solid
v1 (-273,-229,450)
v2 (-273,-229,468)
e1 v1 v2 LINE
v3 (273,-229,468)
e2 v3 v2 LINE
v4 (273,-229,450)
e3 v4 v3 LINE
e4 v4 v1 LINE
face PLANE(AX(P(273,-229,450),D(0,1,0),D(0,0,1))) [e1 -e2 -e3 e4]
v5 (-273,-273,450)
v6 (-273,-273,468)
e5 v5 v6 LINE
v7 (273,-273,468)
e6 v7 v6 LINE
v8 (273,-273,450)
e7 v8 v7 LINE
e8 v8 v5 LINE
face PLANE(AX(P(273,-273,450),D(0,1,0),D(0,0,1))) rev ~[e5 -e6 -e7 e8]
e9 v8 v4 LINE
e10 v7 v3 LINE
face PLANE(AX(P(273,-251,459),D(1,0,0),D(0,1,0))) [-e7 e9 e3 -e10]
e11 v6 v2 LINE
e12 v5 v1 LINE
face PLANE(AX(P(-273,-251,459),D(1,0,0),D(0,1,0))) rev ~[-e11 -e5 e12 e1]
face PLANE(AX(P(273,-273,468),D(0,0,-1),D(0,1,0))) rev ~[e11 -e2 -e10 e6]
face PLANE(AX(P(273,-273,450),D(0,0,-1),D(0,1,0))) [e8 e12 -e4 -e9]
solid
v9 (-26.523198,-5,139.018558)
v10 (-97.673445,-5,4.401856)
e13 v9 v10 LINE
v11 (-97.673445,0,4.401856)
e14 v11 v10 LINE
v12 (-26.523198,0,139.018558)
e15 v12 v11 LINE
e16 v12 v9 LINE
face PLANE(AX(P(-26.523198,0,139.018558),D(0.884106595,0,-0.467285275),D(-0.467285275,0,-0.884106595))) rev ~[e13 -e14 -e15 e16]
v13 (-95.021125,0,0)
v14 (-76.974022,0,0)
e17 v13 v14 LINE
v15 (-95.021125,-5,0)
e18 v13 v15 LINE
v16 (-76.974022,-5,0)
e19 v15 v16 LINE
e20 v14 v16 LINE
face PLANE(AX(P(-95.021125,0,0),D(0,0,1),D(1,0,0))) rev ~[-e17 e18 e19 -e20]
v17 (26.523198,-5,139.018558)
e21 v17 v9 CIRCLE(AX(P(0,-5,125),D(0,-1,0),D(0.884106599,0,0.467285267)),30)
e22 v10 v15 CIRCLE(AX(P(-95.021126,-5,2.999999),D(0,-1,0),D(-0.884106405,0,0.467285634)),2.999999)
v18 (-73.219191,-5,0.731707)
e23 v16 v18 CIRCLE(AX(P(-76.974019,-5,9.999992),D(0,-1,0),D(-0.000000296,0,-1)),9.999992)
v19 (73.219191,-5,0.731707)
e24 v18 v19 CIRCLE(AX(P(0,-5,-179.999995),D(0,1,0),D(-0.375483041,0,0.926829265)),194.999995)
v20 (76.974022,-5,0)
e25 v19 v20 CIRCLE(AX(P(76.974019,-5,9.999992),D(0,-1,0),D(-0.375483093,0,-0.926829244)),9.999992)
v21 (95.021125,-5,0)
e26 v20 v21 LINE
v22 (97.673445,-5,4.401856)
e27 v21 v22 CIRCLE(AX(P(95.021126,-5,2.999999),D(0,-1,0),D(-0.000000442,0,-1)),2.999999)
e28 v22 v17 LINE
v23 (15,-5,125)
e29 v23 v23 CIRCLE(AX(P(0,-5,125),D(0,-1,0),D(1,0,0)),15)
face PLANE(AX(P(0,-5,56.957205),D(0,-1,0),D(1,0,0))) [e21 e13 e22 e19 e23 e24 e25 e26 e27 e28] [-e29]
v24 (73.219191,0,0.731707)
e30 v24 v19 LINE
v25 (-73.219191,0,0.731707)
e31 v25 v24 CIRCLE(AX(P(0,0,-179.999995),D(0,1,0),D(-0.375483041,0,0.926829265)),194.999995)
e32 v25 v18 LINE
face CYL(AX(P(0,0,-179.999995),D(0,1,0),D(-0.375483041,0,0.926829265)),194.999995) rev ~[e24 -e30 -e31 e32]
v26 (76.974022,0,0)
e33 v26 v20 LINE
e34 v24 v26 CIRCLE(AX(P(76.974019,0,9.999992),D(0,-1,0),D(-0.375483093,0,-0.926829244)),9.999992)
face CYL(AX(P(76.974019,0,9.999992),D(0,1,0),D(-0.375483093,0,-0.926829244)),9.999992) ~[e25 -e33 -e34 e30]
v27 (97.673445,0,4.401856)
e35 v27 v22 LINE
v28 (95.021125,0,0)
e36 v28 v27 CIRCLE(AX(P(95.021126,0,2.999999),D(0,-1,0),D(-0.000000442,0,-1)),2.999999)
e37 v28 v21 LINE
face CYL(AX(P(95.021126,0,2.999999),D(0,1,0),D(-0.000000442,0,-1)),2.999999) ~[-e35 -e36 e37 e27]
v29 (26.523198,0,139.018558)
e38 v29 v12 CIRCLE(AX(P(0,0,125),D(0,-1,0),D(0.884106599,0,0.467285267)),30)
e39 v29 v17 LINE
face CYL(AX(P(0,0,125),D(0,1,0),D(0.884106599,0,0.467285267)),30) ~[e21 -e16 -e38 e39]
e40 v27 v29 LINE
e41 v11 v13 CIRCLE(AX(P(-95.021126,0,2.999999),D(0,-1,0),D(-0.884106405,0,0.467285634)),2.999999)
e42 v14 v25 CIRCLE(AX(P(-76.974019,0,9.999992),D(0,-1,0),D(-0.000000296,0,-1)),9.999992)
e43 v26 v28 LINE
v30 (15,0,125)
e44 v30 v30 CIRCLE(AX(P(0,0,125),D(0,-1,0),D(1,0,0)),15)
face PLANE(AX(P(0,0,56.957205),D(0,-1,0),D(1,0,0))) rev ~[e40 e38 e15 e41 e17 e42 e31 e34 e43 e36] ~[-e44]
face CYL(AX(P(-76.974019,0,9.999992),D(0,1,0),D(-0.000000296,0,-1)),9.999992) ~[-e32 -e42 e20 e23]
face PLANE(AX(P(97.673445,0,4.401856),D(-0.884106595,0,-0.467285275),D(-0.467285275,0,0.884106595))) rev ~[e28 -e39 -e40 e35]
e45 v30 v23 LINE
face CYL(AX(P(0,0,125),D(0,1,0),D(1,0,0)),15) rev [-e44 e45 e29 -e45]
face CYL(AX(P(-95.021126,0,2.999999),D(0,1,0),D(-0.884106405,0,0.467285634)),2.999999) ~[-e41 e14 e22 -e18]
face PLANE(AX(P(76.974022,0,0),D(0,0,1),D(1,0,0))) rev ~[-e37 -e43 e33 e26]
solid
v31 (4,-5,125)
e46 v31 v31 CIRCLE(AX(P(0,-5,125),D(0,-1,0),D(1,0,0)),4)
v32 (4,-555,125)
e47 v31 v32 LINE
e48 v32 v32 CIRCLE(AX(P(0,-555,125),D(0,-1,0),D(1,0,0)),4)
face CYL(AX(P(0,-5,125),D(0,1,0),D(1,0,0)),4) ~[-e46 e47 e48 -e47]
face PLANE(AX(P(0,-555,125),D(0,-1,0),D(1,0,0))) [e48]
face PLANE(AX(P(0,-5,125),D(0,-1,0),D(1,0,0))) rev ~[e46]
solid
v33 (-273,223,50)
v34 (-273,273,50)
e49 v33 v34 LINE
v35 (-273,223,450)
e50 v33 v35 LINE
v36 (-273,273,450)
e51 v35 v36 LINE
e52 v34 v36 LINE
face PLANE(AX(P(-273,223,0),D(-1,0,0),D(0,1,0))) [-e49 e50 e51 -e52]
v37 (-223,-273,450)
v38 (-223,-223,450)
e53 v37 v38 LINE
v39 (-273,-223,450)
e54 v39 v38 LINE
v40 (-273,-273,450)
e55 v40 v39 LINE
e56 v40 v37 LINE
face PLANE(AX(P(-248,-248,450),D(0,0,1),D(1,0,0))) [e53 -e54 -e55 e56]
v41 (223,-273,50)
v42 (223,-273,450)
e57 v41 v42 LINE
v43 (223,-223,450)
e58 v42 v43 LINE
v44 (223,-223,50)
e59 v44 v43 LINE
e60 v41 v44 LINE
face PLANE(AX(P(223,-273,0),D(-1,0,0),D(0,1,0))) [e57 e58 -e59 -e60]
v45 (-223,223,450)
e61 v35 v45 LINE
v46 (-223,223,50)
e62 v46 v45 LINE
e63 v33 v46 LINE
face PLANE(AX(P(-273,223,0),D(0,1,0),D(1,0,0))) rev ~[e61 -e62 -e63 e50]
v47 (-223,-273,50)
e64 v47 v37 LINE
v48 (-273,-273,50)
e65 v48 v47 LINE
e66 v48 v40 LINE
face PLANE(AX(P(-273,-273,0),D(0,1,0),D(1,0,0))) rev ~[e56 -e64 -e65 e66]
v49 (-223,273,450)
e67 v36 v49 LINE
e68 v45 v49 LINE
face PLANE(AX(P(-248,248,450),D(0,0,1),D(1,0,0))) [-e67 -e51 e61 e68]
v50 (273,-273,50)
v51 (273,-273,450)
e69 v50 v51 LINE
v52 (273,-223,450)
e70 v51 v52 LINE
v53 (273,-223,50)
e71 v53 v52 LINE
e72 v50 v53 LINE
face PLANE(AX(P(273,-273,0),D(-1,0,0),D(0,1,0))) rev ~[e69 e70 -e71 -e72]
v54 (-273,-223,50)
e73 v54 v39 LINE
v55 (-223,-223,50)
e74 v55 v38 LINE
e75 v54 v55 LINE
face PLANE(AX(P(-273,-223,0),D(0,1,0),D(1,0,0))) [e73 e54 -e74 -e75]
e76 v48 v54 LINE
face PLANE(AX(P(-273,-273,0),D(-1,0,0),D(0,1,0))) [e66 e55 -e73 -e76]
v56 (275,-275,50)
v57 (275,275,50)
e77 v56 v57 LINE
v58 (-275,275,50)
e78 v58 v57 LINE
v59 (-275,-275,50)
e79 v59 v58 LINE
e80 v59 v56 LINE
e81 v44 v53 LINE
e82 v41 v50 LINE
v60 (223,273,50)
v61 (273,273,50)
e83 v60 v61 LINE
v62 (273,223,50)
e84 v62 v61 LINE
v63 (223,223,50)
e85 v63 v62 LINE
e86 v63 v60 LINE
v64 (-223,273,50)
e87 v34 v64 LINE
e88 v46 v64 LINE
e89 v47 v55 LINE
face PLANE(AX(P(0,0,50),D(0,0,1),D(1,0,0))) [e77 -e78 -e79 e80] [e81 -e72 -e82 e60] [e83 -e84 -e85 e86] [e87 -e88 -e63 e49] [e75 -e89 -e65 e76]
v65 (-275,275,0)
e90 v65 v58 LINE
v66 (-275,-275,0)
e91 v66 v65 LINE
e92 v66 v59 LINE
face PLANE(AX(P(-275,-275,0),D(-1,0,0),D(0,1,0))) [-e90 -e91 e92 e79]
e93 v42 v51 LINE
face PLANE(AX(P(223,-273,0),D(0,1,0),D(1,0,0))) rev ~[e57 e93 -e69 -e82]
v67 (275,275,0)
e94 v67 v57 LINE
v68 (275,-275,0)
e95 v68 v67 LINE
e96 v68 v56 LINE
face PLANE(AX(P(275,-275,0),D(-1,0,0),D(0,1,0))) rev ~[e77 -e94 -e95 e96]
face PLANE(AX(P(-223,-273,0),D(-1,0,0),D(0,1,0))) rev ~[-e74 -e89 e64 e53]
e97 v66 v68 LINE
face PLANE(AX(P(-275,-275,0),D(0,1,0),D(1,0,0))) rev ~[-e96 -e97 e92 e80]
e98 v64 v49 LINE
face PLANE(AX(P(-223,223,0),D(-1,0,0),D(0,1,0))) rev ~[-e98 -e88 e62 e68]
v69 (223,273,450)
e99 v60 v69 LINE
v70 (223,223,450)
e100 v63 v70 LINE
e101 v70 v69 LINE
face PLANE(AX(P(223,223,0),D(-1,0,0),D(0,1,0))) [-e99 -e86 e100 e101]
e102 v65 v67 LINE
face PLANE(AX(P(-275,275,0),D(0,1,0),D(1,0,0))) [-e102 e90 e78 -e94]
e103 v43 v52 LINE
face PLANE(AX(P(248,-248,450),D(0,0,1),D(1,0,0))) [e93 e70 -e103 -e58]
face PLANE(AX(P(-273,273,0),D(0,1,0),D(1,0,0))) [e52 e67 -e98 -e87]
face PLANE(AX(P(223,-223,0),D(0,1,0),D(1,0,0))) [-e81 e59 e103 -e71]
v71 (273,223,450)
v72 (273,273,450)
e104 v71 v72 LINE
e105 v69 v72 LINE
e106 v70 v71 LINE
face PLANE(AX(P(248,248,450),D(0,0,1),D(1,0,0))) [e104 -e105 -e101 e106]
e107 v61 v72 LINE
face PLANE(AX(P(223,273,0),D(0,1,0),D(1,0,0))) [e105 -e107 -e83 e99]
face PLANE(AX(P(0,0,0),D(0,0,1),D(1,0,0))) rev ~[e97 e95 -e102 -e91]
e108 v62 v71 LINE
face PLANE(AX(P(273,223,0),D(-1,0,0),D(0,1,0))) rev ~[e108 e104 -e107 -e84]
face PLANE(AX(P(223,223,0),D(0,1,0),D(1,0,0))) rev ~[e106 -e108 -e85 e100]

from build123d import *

# Parameters (mm, degrees)
F0_W     = 550
F0_H     = 550
F0_W_2   = 50
F0_H_2   = 50
F1_DEPTH = 50
F2_DEPTH = 450
F3_W     = 44
F3_H     = 18
F4_DEPTH = 546
F5_R     = 15
F6_DEPTH = 5
F7_R     = 4
F8_DEPTH = 550


with BuildPart() as f1:
    # F0 (on Top) → F1 (new body)
    with BuildSketch(Plane.XY):
        Rectangle(F0_W, F0_H)
        with Locations((-248, -248)):
            Rectangle(F0_W_2, F0_H_2, mode=Mode.SUBTRACT)
        with Locations((248, -248)):
            Rectangle(F0_W_2, F0_H_2, mode=Mode.SUBTRACT)
        with Locations((-248, 248)):
            Rectangle(F0_W_2, F0_H_2, mode=Mode.SUBTRACT)
        with Locations((248, 248)):
            Rectangle(F0_W_2, F0_H_2, mode=Mode.SUBTRACT)
    extrude(amount=F1_DEPTH)

    # F0 (on Top) → F2 (join)
    with BuildSketch(Plane.XY):
        with Locations((-248, 248)):
            Rectangle(F0_W_2, F0_H_2)
        with Locations((248, 248)):
            Rectangle(F0_W_2, F0_H_2)
        with Locations((248, -248)):
            Rectangle(F0_W_2, F0_H_2)
        with Locations((-248, -248)):
            Rectangle(F0_W_2, F0_H_2)
    extrude(amount=F2_DEPTH)


with BuildPart() as f4:
    # F3 (on face) → F4 (new body)
    with BuildSketch(Plane.YZ.offset(273)):
        with Locations((-251, 459)):
            Rectangle(F3_W, F3_H)
    extrude(amount=-F4_DEPTH)


with BuildPart() as f6:
    # F5 (on Front) → F6 (new body)
    with BuildSketch(Plane.XZ):
        with BuildLine():
            Line((-26.523198, 139.018558), (-97.673445, 4.401856))
            ThreePointArc((-97.673445, 4.401856), (-97.590714, 1.451705), (-95.021125, 0))
            Line((-95.021125, 0), (-76.974022, 0))
            ThreePointArc((-76.974022, 0), (-75.061291, 0.184631), (-73.219191, 0.731707))
            ThreePointArc((-73.219191, 0.731707), (0, 15), (73.219191, 0.731707))
            ThreePointArc((73.219191, 0.731707), (75.061291, 0.184631), (76.974022, 0))
            Line((76.974022, 0), (95.021125, 0))
            ThreePointArc((95.021125, 0), (97.590714, 1.451705), (97.673445, 4.401856))
            Line((97.673445, 4.401856), (26.523198, 139.018558))
            ThreePointArc((26.523198, 139.018558), (0, 155), (-26.523198, 139.018558))
        make_face()
        with Locations((0, 125)):
            Circle(F5_R, mode=Mode.SUBTRACT)
    extrude(amount=F6_DEPTH)


with BuildPart() as f8:
    # F7 (on face) → F8 (new body)
    with BuildSketch(Plane.XZ.offset(5)):
        with Locations((0, 125)):
            Circle(F7_R)
    extrude(amount=F8_DEPTH)


solid = Compound([f1.part, f4.part, f6.part, f8.part])
